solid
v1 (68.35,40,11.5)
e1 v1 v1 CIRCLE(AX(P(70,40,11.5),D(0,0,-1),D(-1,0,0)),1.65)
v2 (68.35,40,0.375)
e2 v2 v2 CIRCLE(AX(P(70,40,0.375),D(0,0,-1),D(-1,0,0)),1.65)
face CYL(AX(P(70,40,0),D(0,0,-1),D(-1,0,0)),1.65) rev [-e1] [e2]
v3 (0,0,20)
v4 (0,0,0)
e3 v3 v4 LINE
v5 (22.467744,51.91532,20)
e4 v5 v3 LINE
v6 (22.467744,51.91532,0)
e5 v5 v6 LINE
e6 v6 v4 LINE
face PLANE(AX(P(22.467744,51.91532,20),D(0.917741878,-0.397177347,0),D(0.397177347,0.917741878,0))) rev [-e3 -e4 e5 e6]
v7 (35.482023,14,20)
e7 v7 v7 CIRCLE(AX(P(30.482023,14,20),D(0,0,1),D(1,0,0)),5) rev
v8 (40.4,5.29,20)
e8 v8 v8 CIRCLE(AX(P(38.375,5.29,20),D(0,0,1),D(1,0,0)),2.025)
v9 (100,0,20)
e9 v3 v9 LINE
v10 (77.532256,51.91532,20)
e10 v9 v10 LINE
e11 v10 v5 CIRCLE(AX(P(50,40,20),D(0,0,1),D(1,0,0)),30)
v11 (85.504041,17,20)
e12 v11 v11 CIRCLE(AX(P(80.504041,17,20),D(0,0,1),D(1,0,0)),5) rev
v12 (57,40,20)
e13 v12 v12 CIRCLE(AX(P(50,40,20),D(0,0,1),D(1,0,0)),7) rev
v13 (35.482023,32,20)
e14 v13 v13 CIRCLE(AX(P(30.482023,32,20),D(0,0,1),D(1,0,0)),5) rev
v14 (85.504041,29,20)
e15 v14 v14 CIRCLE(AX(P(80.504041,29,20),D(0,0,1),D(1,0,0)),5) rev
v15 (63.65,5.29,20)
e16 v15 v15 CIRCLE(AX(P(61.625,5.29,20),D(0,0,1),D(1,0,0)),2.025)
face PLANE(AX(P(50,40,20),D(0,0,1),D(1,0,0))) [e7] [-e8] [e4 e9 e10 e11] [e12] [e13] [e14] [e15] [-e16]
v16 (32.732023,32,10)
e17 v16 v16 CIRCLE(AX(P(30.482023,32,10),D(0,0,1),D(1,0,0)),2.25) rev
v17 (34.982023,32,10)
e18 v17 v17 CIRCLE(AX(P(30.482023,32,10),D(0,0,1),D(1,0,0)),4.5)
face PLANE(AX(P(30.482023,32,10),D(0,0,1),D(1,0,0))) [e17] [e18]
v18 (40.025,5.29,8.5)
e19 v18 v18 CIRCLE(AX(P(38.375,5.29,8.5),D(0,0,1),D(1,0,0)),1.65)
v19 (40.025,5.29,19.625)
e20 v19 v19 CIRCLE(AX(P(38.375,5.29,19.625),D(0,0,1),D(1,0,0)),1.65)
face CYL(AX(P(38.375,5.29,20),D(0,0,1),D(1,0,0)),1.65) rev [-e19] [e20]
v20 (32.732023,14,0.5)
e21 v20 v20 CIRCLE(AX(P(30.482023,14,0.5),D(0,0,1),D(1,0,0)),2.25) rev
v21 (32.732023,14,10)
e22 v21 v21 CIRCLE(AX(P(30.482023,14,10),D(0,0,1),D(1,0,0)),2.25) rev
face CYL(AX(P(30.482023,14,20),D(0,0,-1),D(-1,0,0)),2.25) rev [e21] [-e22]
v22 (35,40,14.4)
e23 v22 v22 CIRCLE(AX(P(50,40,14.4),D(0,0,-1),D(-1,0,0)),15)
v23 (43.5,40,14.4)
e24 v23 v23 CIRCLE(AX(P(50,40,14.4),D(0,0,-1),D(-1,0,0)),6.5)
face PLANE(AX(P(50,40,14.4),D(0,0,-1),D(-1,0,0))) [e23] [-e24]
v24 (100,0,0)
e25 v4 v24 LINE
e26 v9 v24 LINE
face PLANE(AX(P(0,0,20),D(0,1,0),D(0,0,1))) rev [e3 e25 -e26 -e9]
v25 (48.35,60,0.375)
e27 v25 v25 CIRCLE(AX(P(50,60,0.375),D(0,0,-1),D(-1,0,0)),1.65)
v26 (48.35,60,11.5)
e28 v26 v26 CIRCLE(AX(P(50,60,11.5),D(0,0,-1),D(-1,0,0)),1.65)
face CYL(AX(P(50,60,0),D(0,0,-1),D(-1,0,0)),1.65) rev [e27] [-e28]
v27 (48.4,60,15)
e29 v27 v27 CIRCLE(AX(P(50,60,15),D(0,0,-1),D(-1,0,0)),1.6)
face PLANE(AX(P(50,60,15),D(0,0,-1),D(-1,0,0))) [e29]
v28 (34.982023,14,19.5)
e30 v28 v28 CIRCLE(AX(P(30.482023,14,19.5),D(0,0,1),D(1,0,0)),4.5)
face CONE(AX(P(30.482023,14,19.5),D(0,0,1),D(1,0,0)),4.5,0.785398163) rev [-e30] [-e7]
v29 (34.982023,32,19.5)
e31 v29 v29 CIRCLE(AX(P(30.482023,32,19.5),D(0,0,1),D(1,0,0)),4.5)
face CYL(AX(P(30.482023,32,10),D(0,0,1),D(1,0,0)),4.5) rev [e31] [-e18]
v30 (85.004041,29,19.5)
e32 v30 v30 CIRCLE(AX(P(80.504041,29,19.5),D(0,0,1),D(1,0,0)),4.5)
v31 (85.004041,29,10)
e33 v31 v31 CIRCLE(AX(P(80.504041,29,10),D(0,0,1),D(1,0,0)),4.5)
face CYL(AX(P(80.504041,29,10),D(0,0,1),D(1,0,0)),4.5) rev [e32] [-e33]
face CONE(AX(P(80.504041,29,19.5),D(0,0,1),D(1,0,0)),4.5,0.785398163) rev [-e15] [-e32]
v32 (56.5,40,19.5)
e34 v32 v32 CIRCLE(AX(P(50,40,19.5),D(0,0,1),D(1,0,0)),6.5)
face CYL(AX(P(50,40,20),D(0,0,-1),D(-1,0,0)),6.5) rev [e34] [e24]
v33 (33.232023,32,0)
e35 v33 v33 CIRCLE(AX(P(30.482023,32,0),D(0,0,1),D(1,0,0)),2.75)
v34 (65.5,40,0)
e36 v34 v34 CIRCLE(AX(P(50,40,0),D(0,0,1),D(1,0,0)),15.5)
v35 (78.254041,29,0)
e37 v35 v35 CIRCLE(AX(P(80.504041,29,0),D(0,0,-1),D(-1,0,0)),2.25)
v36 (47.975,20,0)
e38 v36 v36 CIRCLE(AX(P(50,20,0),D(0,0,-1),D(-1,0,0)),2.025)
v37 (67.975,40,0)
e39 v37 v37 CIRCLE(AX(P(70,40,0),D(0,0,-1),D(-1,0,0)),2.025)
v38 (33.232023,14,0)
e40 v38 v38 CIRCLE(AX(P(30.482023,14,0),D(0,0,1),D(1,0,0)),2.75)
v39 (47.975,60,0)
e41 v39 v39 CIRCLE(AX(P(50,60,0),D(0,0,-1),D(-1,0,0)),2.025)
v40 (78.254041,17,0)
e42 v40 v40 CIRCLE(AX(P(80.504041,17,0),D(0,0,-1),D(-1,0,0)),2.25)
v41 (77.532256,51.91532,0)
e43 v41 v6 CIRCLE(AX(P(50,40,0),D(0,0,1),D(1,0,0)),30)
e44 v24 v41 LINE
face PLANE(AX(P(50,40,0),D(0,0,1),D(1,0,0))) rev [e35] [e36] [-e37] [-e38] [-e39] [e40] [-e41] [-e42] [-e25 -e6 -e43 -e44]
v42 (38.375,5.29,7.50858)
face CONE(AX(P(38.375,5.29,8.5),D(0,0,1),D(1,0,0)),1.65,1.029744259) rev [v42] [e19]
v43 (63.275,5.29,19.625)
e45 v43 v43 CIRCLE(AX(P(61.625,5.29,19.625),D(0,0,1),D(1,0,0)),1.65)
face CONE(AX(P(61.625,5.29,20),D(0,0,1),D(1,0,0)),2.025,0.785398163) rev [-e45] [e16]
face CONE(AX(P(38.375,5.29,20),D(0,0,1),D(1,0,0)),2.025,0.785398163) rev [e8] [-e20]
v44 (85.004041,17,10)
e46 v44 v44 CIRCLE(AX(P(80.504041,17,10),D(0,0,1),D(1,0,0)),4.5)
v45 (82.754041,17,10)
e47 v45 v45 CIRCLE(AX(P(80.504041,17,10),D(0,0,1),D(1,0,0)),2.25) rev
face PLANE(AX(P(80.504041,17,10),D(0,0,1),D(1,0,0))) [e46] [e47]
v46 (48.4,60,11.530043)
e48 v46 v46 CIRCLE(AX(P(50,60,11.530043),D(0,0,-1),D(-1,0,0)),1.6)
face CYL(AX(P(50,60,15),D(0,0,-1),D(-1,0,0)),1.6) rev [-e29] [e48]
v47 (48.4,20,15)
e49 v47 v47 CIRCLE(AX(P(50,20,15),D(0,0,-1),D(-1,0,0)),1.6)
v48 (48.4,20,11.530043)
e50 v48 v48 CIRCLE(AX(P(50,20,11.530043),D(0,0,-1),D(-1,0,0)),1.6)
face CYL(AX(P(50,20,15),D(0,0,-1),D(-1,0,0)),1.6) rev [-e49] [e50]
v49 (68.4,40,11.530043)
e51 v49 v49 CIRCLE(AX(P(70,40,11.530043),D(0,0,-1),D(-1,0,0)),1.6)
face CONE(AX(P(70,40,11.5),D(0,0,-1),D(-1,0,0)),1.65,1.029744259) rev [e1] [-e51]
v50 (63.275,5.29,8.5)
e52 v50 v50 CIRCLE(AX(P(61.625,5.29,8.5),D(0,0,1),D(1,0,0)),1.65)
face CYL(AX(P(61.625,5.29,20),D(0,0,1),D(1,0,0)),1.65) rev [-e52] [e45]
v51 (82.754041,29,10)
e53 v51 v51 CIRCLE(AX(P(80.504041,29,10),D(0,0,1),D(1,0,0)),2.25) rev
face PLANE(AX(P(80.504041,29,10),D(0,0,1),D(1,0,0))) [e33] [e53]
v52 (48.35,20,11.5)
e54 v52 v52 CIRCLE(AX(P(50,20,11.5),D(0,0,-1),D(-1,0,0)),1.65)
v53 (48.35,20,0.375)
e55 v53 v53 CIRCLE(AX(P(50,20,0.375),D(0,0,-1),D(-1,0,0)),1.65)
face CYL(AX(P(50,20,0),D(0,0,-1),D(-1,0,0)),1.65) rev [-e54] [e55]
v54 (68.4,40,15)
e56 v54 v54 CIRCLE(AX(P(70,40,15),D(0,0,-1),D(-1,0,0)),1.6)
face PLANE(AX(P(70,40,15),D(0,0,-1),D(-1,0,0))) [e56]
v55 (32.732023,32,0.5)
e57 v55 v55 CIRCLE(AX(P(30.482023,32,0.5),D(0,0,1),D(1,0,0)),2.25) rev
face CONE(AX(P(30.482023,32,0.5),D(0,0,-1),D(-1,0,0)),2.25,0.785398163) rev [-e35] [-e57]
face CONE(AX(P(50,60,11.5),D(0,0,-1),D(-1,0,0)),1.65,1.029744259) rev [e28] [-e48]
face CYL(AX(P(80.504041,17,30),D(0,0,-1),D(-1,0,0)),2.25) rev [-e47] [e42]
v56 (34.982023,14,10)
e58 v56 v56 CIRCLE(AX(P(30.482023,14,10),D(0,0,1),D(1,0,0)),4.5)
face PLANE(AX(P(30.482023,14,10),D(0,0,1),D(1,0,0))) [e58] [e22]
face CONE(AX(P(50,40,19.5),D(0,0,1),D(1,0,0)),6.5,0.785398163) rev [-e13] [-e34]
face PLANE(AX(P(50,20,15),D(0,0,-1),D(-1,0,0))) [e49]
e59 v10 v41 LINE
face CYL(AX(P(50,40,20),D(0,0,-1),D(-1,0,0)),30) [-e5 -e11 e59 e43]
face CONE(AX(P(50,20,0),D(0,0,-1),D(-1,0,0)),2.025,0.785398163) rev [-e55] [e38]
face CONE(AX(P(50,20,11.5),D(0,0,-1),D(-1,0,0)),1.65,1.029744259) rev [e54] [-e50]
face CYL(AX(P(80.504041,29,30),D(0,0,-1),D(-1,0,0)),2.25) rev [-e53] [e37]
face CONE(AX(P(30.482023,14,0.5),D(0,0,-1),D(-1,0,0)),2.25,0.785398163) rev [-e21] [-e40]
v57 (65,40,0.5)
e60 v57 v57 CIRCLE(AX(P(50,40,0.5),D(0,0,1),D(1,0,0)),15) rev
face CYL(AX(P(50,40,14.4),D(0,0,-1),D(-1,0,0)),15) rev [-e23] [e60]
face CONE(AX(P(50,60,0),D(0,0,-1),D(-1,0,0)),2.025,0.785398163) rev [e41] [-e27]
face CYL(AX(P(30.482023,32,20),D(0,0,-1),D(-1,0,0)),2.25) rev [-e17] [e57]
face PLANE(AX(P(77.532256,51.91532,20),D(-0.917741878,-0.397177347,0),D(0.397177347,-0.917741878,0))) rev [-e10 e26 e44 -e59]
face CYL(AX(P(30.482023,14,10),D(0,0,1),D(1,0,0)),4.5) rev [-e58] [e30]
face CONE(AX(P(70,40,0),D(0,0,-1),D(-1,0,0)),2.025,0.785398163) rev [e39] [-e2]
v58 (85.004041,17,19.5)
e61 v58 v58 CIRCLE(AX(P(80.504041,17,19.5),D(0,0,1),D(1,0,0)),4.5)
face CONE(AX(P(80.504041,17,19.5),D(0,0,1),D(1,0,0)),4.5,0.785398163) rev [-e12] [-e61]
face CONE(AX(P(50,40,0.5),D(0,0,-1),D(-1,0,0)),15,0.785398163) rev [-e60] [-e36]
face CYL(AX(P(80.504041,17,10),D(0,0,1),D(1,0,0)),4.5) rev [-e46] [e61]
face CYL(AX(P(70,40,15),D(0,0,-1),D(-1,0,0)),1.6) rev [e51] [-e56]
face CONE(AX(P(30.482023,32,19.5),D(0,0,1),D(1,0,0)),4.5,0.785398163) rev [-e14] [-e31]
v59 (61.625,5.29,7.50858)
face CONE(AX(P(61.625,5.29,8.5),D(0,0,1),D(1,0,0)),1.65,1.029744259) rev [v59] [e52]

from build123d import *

# Parameters (mm, degrees)
SKIZZE1_R                       = 6.5
AUFSATZ_LINEAR_AUSTRAGEN1_DEPTH = 20
SKIZZE4_R                       = 15
SCHNITT_LINEAR_AUSTRAGEN2_DEPTH = 14.4
M4_GEWINDEBOHRUNG1_D            = 3.3
M4_GEWINDEBOHRUNG1_DEPTH        = 11.5
M4_GEWINDEBOHRUNG1_CSINK_D      = 4.05
M4_GEWINDEBOHRUNG1_CSINK_ANGLE  = 90
M4_GEWINDEBOHRUNG1_TIP          = 0.991420021
SKIZZE7_R                       = 2.25
SCHNITT_LINEAR_AUSTRAGEN3_DEPTH = 20
SKIZZE8_R                       = 4.5
SCHNITT_LINEAR_AUSTRAGEN4_DEPTH = 10
FASE1_SIZE                      = 0.5
FASE2_SIZE                      = 0.5
SKIZZE9_R                       = 1.6
SCHNITT_LINEAR_AUSTRAGEN5_DEPTH = 15
M4_GEWINDEBOHRUNG2_D            = 3.3
M4_GEWINDEBOHRUNG2_DEPTH        = 11.5
M4_GEWINDEBOHRUNG2_CSINK_D      = 4.05
M4_GEWINDEBOHRUNG2_CSINK_ANGLE  = 90
M4_GEWINDEBOHRUNG2_TIP          = 0.991420021
SKIZZE11_R                      = 2.25
SCHNITT_LINEAR_AUSTRAGEN6_DEPTH = 30
SKIZZE12_R                      = 4.5
SCHNITT_LINEAR_AUSTRAGEN7_DEPTH = 10
FASE3_SIZE                      = 0.5


with BuildPart() as part:
    # Skizze1 → Aufsatz-Linear austragen1 (new body)
    with BuildSketch(Plane.XY):
        with BuildLine():
            Line((0, 0), (100, 0))
            Line((100, 0), (77.53225634, 51.915320425))
            ThreePointArc((77.53225634, 51.915320425), (50, 70), (22.46774366, 51.915320425))
            Line((22.46774366, 51.915320425), (0, 0))
        make_face()
        with Locations((50, 40)):
            Circle(SKIZZE1_R, mode=Mode.SUBTRACT)
    extrude(amount=AUFSATZ_LINEAR_AUSTRAGEN1_DEPTH)

    # Skizze4 → Schnitt-Linear austragen2 (cut)
    with BuildSketch(Plane(origin=(0, 0, 0), x_dir=(-1, 0, 0), z_dir=(0, 0, -1))):
        with Locations((-50, 40)):
            Circle(SKIZZE4_R)
    extrude(amount=-SCHNITT_LINEAR_AUSTRAGEN2_DEPTH, mode=Mode.SUBTRACT)

    # M4 Gewindebohrung1
    with Locations(Plane(origin=(38.375, 5.29, 20), x_dir=(1, 0, 0), z_dir=(0, 0, 1))):
        with Locations((0, 0), (23.25, 0)):
            CounterSinkHole(M4_GEWINDEBOHRUNG1_D / 2, M4_GEWINDEBOHRUNG1_CSINK_D / 2, depth=M4_GEWINDEBOHRUNG1_DEPTH, counter_sink_angle=M4_GEWINDEBOHRUNG1_CSINK_ANGLE)
            with Locations((0, 0, -(M4_GEWINDEBOHRUNG1_DEPTH + M4_GEWINDEBOHRUNG1_TIP / 2))):  # 118° drill point
                Cone(0, M4_GEWINDEBOHRUNG1_D / 2, M4_GEWINDEBOHRUNG1_TIP, mode=Mode.SUBTRACT)

    # Skizze7 → Schnitt-Linear austragen3 (cut)
    with BuildSketch(Plane(origin=(0, 0, 0), x_dir=(-1, 0, 0), z_dir=(0, 0, -1))):
        with Locations((-30.48202317, 32)):
            Circle(SKIZZE7_R)
        with Locations((-30.48202317, 14)):
            Circle(SKIZZE7_R)
    extrude(amount=-SCHNITT_LINEAR_AUSTRAGEN3_DEPTH, mode=Mode.SUBTRACT)

    # Skizze8 → Schnitt-Linear austragen4 (cut)
    with BuildSketch(Plane.XY.offset(20)):
        with Locations((30.48202317, 32)):
            Circle(SKIZZE8_R)
        with Locations((30.48202317, 14)):
            Circle(SKIZZE8_R)
    extrude(amount=-SCHNITT_LINEAR_AUSTRAGEN4_DEPTH, mode=Mode.SUBTRACT)

    # Fase1
    fase1_edges = [part.edges().sort_by_distance(p)[0] for p in [
        (43.5, 40, 20),
        (25.98202317, 32, 20),
        (25.98202317, 14, 20),
    ]]
    chamfer(fase1_edges, length=FASE1_SIZE)

    # Fase2
    fase2_edges = [part.edges().sort_by_distance(p)[0] for p in [
        (65, 40, 0),
        (32.73202317, 32, 0),
        (32.73202317, 14, 0),
    ]]
    chamfer(fase2_edges, length=FASE2_SIZE)

    # Skizze9 → Schnitt-Linear austragen5 (cut)
    with BuildSketch(Plane(origin=(0, 0, 0), x_dir=(-1, 0, 0), z_dir=(0, 0, -1))):
        with Locations((-50, 60)):
            Circle(SKIZZE9_R)
        with Locations((-70, 40)):
            Circle(SKIZZE9_R)
        with Locations((-50, 20)):
            Circle(SKIZZE9_R)
    extrude(amount=-SCHNITT_LINEAR_AUSTRAGEN5_DEPTH, mode=Mode.SUBTRACT)

    # M4 Gewindebohrung2
    with Locations(Plane(origin=(70, 40, 0), x_dir=(-1, 0, 0), z_dir=(0, 0, -1))):
        with Locations((0, 0), (20, 20), (20, -20)):
            CounterSinkHole(M4_GEWINDEBOHRUNG2_D / 2, M4_GEWINDEBOHRUNG2_CSINK_D / 2, depth=M4_GEWINDEBOHRUNG2_DEPTH, counter_sink_angle=M4_GEWINDEBOHRUNG2_CSINK_ANGLE)
            with Locations((0, 0, -(M4_GEWINDEBOHRUNG2_DEPTH + M4_GEWINDEBOHRUNG2_TIP / 2))):  # 118° drill point
                Cone(0, M4_GEWINDEBOHRUNG2_D / 2, M4_GEWINDEBOHRUNG2_TIP, mode=Mode.SUBTRACT)

    # Skizze11 → Schnitt-Linear austragen6 (cut)
    with BuildSketch(Plane(origin=(0, 0, 0), x_dir=(-1, 0, 0), z_dir=(0, 0, -1))):
        with Locations((-80.50404106, 29)):
            Circle(SKIZZE11_R)
        with Locations((-80.50404106, 17)):
            Circle(SKIZZE11_R)
    extrude(amount=-SCHNITT_LINEAR_AUSTRAGEN6_DEPTH, mode=Mode.SUBTRACT)

    # Skizze12 → Schnitt-Linear austragen7 (cut)
    with BuildSketch(Plane.XY.offset(20)):
        with Locations((80.50404106, 29)):
            Circle(SKIZZE12_R)
        with Locations((80.50404106, 17)):
            Circle(SKIZZE12_R)
    extrude(amount=-SCHNITT_LINEAR_AUSTRAGEN7_DEPTH, mode=Mode.SUBTRACT)

    # Fase3
    fase3_edges = [part.edges().sort_by_distance(p)[0] for p in [
        (76.00404106, 29, 20),
        (76.00404106, 17, 20),
    ]]
    chamfer(fase3_edges, length=FASE3_SIZE)


solid = part.part
